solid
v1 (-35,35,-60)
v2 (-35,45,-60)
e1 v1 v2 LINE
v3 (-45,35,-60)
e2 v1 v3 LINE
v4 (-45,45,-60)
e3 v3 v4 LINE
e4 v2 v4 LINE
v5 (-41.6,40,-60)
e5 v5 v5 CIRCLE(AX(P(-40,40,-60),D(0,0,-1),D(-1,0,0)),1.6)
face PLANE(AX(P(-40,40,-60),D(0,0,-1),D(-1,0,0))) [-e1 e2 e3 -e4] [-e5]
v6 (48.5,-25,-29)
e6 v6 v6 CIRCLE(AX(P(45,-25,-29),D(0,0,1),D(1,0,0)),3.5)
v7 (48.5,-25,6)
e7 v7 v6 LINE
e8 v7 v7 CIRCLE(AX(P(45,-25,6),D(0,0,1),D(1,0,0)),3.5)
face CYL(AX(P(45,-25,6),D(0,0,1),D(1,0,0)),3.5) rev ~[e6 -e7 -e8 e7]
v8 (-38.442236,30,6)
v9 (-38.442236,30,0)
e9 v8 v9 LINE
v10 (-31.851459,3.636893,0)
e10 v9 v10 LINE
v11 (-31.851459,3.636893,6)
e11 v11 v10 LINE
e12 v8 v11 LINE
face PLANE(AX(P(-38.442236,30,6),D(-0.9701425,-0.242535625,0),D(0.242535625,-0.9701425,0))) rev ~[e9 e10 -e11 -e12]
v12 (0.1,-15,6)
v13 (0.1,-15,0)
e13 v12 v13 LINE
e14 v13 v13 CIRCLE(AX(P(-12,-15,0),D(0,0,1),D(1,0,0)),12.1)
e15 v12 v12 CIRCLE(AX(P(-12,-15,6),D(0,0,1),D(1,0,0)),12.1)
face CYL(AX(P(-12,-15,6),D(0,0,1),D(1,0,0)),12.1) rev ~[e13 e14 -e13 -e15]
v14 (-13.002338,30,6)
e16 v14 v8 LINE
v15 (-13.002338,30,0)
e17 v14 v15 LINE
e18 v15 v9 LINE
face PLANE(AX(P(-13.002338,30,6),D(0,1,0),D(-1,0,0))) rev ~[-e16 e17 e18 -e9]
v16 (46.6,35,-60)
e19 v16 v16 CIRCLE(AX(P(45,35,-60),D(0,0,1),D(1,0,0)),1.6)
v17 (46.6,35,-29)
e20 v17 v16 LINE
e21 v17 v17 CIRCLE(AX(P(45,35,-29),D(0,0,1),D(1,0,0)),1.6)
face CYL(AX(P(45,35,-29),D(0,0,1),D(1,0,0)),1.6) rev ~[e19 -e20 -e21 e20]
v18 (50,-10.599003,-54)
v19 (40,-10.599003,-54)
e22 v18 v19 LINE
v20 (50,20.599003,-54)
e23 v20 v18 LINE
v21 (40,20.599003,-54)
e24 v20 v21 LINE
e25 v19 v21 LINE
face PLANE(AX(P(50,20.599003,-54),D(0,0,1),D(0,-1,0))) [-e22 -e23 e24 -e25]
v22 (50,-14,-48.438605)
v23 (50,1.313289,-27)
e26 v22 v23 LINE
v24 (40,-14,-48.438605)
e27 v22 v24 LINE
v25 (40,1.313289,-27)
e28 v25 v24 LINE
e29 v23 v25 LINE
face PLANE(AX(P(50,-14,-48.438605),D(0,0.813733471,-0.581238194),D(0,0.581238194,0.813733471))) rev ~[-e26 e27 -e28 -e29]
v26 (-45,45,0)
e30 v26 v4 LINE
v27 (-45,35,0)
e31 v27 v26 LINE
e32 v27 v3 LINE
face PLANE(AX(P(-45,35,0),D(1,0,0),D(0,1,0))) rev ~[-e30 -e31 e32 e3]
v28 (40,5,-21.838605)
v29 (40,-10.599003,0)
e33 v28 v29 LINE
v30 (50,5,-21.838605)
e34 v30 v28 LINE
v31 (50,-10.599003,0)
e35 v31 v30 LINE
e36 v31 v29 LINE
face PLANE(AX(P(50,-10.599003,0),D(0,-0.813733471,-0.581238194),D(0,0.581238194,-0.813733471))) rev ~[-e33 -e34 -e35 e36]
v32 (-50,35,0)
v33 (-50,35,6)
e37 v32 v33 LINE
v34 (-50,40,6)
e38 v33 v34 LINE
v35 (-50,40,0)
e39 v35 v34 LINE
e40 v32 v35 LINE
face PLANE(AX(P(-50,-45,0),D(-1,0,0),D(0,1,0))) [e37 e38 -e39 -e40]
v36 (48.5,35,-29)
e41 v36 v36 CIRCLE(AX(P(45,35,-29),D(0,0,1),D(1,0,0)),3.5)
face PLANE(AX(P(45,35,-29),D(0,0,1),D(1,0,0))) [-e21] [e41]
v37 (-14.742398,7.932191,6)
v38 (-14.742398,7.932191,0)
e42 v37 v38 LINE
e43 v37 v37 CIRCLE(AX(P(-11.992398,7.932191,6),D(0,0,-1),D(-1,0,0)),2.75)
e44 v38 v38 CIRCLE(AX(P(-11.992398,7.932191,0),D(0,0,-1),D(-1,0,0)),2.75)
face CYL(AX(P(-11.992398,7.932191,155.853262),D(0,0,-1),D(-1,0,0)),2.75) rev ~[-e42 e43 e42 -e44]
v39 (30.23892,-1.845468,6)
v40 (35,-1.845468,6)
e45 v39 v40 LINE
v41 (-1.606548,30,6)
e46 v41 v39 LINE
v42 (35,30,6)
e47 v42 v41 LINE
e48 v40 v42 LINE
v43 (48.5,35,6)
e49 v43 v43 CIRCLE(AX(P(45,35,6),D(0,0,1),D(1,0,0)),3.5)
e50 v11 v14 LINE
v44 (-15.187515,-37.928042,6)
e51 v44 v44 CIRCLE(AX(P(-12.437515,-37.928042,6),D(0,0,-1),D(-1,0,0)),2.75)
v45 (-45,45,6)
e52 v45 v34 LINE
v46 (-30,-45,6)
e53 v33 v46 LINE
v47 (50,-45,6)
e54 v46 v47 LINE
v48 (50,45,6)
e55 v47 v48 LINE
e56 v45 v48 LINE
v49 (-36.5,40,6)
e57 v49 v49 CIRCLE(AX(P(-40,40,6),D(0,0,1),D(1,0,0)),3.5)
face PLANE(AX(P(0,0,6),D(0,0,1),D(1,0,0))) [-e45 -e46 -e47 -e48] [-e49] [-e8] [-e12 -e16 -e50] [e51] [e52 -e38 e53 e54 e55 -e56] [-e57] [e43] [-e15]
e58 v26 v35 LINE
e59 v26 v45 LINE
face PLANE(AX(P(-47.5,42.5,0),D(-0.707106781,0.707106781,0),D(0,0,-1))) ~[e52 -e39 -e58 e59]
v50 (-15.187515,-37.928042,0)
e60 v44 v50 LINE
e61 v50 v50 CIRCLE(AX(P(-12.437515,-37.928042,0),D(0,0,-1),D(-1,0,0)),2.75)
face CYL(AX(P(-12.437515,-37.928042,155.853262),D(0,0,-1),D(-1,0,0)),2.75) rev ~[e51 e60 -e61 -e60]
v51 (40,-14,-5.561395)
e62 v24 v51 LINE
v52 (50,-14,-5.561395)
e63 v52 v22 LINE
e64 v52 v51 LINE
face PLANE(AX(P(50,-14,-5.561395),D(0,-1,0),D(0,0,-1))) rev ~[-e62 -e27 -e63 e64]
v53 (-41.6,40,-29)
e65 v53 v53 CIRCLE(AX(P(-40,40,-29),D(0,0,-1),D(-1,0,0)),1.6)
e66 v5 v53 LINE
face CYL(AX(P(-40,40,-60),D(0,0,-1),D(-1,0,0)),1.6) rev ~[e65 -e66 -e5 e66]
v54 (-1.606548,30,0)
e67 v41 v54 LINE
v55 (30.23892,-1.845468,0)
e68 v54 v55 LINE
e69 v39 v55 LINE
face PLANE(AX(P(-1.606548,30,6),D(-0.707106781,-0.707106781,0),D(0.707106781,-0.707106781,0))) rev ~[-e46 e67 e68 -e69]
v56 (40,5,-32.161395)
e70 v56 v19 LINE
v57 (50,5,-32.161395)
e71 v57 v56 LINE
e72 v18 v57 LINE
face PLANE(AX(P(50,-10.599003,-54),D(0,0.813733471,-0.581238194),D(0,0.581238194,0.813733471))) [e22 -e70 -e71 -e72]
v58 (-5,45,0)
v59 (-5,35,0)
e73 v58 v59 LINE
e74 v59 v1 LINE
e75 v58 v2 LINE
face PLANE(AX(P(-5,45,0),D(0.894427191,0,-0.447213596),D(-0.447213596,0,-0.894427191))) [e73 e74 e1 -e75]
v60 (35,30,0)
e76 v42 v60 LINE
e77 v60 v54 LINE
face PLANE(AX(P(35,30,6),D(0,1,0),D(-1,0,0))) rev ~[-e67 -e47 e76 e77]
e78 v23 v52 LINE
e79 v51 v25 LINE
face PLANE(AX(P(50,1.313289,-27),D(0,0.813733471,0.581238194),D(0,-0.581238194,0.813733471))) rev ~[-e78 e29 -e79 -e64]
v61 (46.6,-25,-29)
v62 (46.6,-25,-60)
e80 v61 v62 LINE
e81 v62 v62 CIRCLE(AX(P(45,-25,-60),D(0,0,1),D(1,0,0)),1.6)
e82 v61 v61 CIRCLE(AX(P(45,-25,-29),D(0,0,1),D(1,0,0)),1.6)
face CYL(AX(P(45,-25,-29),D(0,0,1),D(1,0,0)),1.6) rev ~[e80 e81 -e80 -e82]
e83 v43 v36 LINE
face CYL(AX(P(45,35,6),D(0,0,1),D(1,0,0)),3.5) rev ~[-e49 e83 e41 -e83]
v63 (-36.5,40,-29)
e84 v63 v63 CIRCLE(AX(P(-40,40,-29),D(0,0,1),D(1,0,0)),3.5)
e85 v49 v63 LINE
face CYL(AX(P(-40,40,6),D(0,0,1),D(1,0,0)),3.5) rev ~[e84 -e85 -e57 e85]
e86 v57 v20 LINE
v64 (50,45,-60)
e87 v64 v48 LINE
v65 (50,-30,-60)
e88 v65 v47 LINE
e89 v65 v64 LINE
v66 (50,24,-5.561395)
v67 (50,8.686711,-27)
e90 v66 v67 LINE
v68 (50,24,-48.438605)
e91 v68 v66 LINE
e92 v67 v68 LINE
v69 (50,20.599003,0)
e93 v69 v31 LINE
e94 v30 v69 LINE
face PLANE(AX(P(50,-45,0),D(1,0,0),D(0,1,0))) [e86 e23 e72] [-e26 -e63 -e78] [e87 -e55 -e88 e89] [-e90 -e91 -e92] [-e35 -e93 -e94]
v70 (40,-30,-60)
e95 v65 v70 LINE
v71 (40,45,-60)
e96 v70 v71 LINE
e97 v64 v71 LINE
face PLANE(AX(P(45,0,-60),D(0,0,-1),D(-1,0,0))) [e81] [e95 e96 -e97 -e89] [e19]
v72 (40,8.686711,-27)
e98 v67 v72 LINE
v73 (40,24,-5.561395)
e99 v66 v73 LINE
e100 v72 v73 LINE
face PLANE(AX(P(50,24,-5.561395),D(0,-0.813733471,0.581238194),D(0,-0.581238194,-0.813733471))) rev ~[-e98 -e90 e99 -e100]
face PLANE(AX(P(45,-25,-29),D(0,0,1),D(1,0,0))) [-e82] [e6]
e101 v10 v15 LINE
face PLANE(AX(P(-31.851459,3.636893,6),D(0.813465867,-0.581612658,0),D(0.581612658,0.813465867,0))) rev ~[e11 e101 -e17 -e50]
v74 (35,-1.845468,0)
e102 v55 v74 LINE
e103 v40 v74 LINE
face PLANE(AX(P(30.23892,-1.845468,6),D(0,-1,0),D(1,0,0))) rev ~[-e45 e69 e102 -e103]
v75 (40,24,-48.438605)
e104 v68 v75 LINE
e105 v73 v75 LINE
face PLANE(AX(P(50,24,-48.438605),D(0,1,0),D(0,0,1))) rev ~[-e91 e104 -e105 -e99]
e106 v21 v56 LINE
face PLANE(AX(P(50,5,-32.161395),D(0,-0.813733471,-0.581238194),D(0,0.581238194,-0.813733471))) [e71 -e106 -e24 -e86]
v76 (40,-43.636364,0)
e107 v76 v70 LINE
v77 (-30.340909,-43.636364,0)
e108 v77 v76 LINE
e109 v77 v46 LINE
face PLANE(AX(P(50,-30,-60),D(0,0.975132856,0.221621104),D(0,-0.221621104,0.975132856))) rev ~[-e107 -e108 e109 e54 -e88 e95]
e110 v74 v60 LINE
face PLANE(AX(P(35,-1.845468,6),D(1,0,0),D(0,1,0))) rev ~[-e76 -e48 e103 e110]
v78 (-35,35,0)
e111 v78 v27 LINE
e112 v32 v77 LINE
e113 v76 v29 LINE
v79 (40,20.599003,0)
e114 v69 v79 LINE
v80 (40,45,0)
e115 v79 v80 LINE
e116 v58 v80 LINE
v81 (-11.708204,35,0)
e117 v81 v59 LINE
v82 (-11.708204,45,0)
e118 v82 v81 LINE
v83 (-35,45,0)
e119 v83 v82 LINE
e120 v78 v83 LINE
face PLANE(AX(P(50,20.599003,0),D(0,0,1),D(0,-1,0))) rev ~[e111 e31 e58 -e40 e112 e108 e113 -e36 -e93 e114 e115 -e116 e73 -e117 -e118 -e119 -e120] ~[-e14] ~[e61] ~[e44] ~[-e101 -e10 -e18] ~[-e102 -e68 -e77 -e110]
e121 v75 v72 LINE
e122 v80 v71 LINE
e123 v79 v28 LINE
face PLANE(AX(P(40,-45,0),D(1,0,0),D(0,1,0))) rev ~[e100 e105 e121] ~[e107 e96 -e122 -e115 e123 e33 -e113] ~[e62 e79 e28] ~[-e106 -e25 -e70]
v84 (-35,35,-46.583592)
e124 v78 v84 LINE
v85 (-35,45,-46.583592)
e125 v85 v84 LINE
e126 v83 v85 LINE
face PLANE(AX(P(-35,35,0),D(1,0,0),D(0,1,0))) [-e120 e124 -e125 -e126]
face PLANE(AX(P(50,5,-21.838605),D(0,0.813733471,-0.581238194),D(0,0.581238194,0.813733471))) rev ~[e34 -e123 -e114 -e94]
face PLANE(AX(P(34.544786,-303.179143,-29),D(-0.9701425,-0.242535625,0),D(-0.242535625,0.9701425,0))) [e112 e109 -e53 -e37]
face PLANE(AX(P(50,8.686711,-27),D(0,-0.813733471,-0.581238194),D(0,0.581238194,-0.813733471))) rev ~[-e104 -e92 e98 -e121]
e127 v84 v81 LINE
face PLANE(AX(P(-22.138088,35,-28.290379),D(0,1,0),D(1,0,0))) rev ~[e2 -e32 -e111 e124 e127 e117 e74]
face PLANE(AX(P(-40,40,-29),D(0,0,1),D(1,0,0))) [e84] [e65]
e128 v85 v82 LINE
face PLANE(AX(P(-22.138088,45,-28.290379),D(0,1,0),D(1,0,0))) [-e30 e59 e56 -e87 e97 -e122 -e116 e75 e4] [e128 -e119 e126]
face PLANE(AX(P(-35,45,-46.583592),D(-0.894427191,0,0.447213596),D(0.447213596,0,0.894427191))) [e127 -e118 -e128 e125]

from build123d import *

# Parameters (mm, degrees)
SKETCH1_W               = 100
SKETCH1_H               = 90
BOSS_EXTRUDE1_DEPTH     = 6
CUT_EXTRUDE1_REACH      = 69.535
SKETCH2_R               = 12.1
SKETCH3_W               = 10
SKETCH3_H               = 90
BOSS_EXTRUDE2_DEPTH     = 60
SKETCH5_W               = 10
SKETCH5_H               = 10
BOSS_EXTRUDE4_DEPTH     = 60
SKETCH7_R               = 3.5
CUT_EXTRUDE2_DEPTH      = 35
CUT_EXTRUDE3_REACH      = 77.829
SKETCH8_R               = 1.6
CUT_EXTRUDE4_REACH      = 96.239
SKETCH9_R               = 1.6
SKETCH10_R              = 3.5
CUT_EXTRUDE5_DEPTH      = 35
M5_CLEARANCE_HOLE2_D    = 5.5
CUT_EXTRUDE7_REACH      = 127
CUT_EXTRUDE8_DEPTH      = 95.23905772
CUT_EXTRUDE8_DEPTH_BACK = 35
CHAMFER1_SIZE           = 5
CUT_EXTRUDE9_DEPTH      = 35
CUT_EXTRUDE10_REACH     = 127
BOSS_EXTRUDE5_DEPTH     = 10


with BuildPart() as part:
    # Sketch1 → Boss-Extrude1 (new body)
    with BuildSketch(Plane.XY):
        Rectangle(SKETCH1_W, SKETCH1_H)
    extrude(amount=BOSS_EXTRUDE1_DEPTH)

    # Sketch2 → Cut-Extrude1 (cut, up to next)
    with BuildSketch(Plane.XY.offset(6), mode=Mode.PRIVATE) as cut_extrude1_sk1:
        with Locations((-12, -15)):
            Circle(SKETCH2_R)
    cut_extrude1_tool1 = extrude(cut_extrude1_sk1.sketch, amount=-CUT_EXTRUDE1_REACH, mode=Mode.PRIVATE) & part.part
    add(cut_extrude1_tool1.solids().sort_by_distance((-12, -15, 6))[0], mode=Mode.SUBTRACT)

    # Sketch3 → Boss-Extrude2 (add)
    with BuildSketch(Plane(origin=(0, 0, 0), x_dir=(-1, 0, 0), z_dir=(0, 0, -1))):
        with Locations((-45, 0)):
            Rectangle(SKETCH3_W, SKETCH3_H)
    extrude(amount=BOSS_EXTRUDE2_DEPTH)

    # Sketch5 → Boss-Extrude4 (add)
    with BuildSketch(Plane(origin=(0, 0, 0), x_dir=(-1, 0, 0), z_dir=(0, 0, -1))):
        with Locations((40, 40)):
            Rectangle(SKETCH5_W, SKETCH5_H)
    extrude(amount=BOSS_EXTRUDE4_DEPTH)

    # Sketch7 → Cut-Extrude2 (cut)
    with BuildSketch(Plane.XY.offset(6)):
        with Locations((45, 35)):
            Circle(SKETCH7_R)
        with Locations((45, -25)):
            Circle(SKETCH7_R)
    extrude(amount=-CUT_EXTRUDE2_DEPTH, mode=Mode.SUBTRACT)

    # Sketch8 → Cut-Extrude3 (cut, up to next)
    with BuildSketch(Plane.XY.offset(-29), mode=Mode.PRIVATE) as cut_extrude3_sk1:
        with Locations((45, 35)):
            Circle(SKETCH8_R)
    cut_extrude3_tool1 = extrude(cut_extrude3_sk1.sketch, amount=-CUT_EXTRUDE3_REACH, mode=Mode.PRIVATE) & part.part
    # Sketch8 → Cut-Extrude3 (cut, up to next)
    with BuildSketch(Plane.XY.offset(-29), mode=Mode.PRIVATE) as cut_extrude3_sk2:
        with Locations((45, -25)):
            Circle(SKETCH8_R)
    cut_extrude3_tool2 = extrude(cut_extrude3_sk2.sketch, amount=-CUT_EXTRUDE3_REACH, mode=Mode.PRIVATE) & part.part
    add(cut_extrude3_tool1.solids().sort_by_distance((45, 35, -29))[0], mode=Mode.SUBTRACT)
    add(cut_extrude3_tool2.solids().sort_by_distance((45, -25, -29))[0], mode=Mode.SUBTRACT)

    # Sketch9 → Cut-Extrude4 (cut, up to next)
    with BuildSketch(Plane(origin=(0, 0, -60), x_dir=(-1, 0, 0), z_dir=(0, 0, -1)), mode=Mode.PRIVATE) as cut_extrude4_sk1:
        with Locations((40, 40)):
            Circle(SKETCH9_R)
    cut_extrude4_tool1 = extrude(cut_extrude4_sk1.sketch, amount=-CUT_EXTRUDE4_REACH, mode=Mode.PRIVATE) & part.part
    add(cut_extrude4_tool1.solids().sort_by_distance((-40, 40, -60))[0], mode=Mode.SUBTRACT)

    # Sketch10 → Cut-Extrude5 (cut)
    with BuildSketch(Plane.XY.offset(6)):
        with Locations((-40, 40)):
            Circle(SKETCH10_R)
    extrude(amount=-CUT_EXTRUDE5_DEPTH, mode=Mode.SUBTRACT)

    # M5 Clearance Hole2 (through all)
    with Locations(Plane.XY.offset(6)):
        with Locations((-11.992398496, 7.932190932), (-12.437514592, -37.928041631)):
            Hole(M5_CLEARANCE_HOLE2_D / 2)

    # Sketch16 → Cut-Extrude7 (cut, up to next)
    with BuildSketch(Plane(origin=(50, 0, 0), x_dir=(0, 0, -1), z_dir=(1, 0, 0)), mode=Mode.PRIVATE) as cut_extrude7_sk1:
        Polygon((0, 20.599003457), (0, -10.599003457), (21.83860484, 5), align=None)
    cut_extrude7_tool1 = extrude(cut_extrude7_sk1.sketch, amount=-CUT_EXTRUDE7_REACH, mode=Mode.PRIVATE) & part.part
    # Sketch16 → Cut-Extrude7 (cut, up to next)
    with BuildSketch(Plane(origin=(50, 0, 0), x_dir=(0, 0, -1), z_dir=(1, 0, 0)), mode=Mode.PRIVATE) as cut_extrude7_sk2:
        Polygon((54, -10.599003457), (32.16139516, 5), (54, 20.599003457), align=None)
    cut_extrude7_tool2 = extrude(cut_extrude7_sk2.sketch, amount=-CUT_EXTRUDE7_REACH, mode=Mode.PRIVATE) & part.part
    # Sketch16 → Cut-Extrude7 (cut, up to next)
    with BuildSketch(Plane(origin=(50, 0, 0), x_dir=(0, 0, -1), z_dir=(1, 0, 0)), mode=Mode.PRIVATE) as cut_extrude7_sk3:
        Polygon((27, 1.313289171), (5.56139516, -14), (48.43860484, -14), align=None)
    cut_extrude7_tool3 = extrude(cut_extrude7_sk3.sketch, amount=-CUT_EXTRUDE7_REACH, mode=Mode.PRIVATE) & part.part
    # Sketch16 → Cut-Extrude7 (cut, up to next)
    with BuildSketch(Plane(origin=(50, 0, 0), x_dir=(0, 0, -1), z_dir=(1, 0, 0)), mode=Mode.PRIVATE) as cut_extrude7_sk4:
        Polygon((27, 8.686710829), (48.43860484, 24), (5.56139516, 24), align=None)
    cut_extrude7_tool4 = extrude(cut_extrude7_sk4.sketch, amount=-CUT_EXTRUDE7_REACH, mode=Mode.PRIVATE) & part.part
    add(cut_extrude7_tool1.solids().sort_by_distance((50, 5, -7.279535))[0], mode=Mode.SUBTRACT)
    add(cut_extrude7_tool2.solids().sort_by_distance((50, 5, -46.720465))[0], mode=Mode.SUBTRACT)
    add(cut_extrude7_tool3.solids().sort_by_distance((50, -8.89557, -27))[0], mode=Mode.SUBTRACT)
    add(cut_extrude7_tool4.solids().sort_by_distance((50, 18.89557, -27))[0], mode=Mode.SUBTRACT)

    # Sketch17 → Cut-Extrude8 (cut, two sides: drawn at the far end of the back side and taken through both)
    with BuildSketch(Plane.XY.offset(6).offset(-CUT_EXTRUDE8_DEPTH_BACK)):
        Polygon((-114.544785815, 293.179143259), (-50, 35), (-30, -45), (34.544785815, -303.179143259), (-481.813500704, -432.268714889), (-630.903072333, 164.08957163), align=None)
    extrude(amount=CUT_EXTRUDE8_DEPTH + CUT_EXTRUDE8_DEPTH_BACK, mode=Mode.SUBTRACT)

    # Chamfer1
    chamfer1_edges = [part.edges().sort_by_distance(p)[0] for p in [
        (-50, 45, 3),
    ]]
    chamfer(chamfer1_edges, length=CHAMFER1_SIZE)

    # Sketch18 → Cut-Extrude9 (cut)
    with BuildSketch(Plane.XY.offset(6)):
        Polygon((-38.442235936, 30), (-31.851459244, 3.636893232), (-13.002338185, 30), align=None)
        Polygon((-1.606548225, 30), (30.238919993, -1.845468218), (35, -1.845468218), (35, 30), align=None)
    extrude(amount=-CUT_EXTRUDE9_DEPTH, mode=Mode.SUBTRACT)

    # Sketch19 → Cut-Extrude10 (cut, up to next)
    with BuildSketch(Plane(origin=(50, 0, 0), x_dir=(0, 0, -1), z_dir=(1, 0, 0)), mode=Mode.PRIVATE) as cut_extrude10_sk1:
        Polygon((60, -30), (-6, -45), (60, -45), align=None)
    cut_extrude10_tool1 = extrude(cut_extrude10_sk1.sketch, amount=-CUT_EXTRUDE10_REACH, mode=Mode.PRIVATE) & part.part
    add(cut_extrude10_tool1.solids().sort_by_distance((50, -40, -38))[0], mode=Mode.SUBTRACT)

    # Sketch20 → Boss-Extrude5 (add)
    with BuildSketch(Plane(origin=(0, 45, 0), x_dir=(1, 0, 0), z_dir=(0, 1, 0))):
        Polygon((-5, 0), (-35, 60), (-35, 46.583592135), (-11.708203932, 0), align=None)
    extrude(amount=-BOSS_EXTRUDE5_DEPTH)


solid = part.part
